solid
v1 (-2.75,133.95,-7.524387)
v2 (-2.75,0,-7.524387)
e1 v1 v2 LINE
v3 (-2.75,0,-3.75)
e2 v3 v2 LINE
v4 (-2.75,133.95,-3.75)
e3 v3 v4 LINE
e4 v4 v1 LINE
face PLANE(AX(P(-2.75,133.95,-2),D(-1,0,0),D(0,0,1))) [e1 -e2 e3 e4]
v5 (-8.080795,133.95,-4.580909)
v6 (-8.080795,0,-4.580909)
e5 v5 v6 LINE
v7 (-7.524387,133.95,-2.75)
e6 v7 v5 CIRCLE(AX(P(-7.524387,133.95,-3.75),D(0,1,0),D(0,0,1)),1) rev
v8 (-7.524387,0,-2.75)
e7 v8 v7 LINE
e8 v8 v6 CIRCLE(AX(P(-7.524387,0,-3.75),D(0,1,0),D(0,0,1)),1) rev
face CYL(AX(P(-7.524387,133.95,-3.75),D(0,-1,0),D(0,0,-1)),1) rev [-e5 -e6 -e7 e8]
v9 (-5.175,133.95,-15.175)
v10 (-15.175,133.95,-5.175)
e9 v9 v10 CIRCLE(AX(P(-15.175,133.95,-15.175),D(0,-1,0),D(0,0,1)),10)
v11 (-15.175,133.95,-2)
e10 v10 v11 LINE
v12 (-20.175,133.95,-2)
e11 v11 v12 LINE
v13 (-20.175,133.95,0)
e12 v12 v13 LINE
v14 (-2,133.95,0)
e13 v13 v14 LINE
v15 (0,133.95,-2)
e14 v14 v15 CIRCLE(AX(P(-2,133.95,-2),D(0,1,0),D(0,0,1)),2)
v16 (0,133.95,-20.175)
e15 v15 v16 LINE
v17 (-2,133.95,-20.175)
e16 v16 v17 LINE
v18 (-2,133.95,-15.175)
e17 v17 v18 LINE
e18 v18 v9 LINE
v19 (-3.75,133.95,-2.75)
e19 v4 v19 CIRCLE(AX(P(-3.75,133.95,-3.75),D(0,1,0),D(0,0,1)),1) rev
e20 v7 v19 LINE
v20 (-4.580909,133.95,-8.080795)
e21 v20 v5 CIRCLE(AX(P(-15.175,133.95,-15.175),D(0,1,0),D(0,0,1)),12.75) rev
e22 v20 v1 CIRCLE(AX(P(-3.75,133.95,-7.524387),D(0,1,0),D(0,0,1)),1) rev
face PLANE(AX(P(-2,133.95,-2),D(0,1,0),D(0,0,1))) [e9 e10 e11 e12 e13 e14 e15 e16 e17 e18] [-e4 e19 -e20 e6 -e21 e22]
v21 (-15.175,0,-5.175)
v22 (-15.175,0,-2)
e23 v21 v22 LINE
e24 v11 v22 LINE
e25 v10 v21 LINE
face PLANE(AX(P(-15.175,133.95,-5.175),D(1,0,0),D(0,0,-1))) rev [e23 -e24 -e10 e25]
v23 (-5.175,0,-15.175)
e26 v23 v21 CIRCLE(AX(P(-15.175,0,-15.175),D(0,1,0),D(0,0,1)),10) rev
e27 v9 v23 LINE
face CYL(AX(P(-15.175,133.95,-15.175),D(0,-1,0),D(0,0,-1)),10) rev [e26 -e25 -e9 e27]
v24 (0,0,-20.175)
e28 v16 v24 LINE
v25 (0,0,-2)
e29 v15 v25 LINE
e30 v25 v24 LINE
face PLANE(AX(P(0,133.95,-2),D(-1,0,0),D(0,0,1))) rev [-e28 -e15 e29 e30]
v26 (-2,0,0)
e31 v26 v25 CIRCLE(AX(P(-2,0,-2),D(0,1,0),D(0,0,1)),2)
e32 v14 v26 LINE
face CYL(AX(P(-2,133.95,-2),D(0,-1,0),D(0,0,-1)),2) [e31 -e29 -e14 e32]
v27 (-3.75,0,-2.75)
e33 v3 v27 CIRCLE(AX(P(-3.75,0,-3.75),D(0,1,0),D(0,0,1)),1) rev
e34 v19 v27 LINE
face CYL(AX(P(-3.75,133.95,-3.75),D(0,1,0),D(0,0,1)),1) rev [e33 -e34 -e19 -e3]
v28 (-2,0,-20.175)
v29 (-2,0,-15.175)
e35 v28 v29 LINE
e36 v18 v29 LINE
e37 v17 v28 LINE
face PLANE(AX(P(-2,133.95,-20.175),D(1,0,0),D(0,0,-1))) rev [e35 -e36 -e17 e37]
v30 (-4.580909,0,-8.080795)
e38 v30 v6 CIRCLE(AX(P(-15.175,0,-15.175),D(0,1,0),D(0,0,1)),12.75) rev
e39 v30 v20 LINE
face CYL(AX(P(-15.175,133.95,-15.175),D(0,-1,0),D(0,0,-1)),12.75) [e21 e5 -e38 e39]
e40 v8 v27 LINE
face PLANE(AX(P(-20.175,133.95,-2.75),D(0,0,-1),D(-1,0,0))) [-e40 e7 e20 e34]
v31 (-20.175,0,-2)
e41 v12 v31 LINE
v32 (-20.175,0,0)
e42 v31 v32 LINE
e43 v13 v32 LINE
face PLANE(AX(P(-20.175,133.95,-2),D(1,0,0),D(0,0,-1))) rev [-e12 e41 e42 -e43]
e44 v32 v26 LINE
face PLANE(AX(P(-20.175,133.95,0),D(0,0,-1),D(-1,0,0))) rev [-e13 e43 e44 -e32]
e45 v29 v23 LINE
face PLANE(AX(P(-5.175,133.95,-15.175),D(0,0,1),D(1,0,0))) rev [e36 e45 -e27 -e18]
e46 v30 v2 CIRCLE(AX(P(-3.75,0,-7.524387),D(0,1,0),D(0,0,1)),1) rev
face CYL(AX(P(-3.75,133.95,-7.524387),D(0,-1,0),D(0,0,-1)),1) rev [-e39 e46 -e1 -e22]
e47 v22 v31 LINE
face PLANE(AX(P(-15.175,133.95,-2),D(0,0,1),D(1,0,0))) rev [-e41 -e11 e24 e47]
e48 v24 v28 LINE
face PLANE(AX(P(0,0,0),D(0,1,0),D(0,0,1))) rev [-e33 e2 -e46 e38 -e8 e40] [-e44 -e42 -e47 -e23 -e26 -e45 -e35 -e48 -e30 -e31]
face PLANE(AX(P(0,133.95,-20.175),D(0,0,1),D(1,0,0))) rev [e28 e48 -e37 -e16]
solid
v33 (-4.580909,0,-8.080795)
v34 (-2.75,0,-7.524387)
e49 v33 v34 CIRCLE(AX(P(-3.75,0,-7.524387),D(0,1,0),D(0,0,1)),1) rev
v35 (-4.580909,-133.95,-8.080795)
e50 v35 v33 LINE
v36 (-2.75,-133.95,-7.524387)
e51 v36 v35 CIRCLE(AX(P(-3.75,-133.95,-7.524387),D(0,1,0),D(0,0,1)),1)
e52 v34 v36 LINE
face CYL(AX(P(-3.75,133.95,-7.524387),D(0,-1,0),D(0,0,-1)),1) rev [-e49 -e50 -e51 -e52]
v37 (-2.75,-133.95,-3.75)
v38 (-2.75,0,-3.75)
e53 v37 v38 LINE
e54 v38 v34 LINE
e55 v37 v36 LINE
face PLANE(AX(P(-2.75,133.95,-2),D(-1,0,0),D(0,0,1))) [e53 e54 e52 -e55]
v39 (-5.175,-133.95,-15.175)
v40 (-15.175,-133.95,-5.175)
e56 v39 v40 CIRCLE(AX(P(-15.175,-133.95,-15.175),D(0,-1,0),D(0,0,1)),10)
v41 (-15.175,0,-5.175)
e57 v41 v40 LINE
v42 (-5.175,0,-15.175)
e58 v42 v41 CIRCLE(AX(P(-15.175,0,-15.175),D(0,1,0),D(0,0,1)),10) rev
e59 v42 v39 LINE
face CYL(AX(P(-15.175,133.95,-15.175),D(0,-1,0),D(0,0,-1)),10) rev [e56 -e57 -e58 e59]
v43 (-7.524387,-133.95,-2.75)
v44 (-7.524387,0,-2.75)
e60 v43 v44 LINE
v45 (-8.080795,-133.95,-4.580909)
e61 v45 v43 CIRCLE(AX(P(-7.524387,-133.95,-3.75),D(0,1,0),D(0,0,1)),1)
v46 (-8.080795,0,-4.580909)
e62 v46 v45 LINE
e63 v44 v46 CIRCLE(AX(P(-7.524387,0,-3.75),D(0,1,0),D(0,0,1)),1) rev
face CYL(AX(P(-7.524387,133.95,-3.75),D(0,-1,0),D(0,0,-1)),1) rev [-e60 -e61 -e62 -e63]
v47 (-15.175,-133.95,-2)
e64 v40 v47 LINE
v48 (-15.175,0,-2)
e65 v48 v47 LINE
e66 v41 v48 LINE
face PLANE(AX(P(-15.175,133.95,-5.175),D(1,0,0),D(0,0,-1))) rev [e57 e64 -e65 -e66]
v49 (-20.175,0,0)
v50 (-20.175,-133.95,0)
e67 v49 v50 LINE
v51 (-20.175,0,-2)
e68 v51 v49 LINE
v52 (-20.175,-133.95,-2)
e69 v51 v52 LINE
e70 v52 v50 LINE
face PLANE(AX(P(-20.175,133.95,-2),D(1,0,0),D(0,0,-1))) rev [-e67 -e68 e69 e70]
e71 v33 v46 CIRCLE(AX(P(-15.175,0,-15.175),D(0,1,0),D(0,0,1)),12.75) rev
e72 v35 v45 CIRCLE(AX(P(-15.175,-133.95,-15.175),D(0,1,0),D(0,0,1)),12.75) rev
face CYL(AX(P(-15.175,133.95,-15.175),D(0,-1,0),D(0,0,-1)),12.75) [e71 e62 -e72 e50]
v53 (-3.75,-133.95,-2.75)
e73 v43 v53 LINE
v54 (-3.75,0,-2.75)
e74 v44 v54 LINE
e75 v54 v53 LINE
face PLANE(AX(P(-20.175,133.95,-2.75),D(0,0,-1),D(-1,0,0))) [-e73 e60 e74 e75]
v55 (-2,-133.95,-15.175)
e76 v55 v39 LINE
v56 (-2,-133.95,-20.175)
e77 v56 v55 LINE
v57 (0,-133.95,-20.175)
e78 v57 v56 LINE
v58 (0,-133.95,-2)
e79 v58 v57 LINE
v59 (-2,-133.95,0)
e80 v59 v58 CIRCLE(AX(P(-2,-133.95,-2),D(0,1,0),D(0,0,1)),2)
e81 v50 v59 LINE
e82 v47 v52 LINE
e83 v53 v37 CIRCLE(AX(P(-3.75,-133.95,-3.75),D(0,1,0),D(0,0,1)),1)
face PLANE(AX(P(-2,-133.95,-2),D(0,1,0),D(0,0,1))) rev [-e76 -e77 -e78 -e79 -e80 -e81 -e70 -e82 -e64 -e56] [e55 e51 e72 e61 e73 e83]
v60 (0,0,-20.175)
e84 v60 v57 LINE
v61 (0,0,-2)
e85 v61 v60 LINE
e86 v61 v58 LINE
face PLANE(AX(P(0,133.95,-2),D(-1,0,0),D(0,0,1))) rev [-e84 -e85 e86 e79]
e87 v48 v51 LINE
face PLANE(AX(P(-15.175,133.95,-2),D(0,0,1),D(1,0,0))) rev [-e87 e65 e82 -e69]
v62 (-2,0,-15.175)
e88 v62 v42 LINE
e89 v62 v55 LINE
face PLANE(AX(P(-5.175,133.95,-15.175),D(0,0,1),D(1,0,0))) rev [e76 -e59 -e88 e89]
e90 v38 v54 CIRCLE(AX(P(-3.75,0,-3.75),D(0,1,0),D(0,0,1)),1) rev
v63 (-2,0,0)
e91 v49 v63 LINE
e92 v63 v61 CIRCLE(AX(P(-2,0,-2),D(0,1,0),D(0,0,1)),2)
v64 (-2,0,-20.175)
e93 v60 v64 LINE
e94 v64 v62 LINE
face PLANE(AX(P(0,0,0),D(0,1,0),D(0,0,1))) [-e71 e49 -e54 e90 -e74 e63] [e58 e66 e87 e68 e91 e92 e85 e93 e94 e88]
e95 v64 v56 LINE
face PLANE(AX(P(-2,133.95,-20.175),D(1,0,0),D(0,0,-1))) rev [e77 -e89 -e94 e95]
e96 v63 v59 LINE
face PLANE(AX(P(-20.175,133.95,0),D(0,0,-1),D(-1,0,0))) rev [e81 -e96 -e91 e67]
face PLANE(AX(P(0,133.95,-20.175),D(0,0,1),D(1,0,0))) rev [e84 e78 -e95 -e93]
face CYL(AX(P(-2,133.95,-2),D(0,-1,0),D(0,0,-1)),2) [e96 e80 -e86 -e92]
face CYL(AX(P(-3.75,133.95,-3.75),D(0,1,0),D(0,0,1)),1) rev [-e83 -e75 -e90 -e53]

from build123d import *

# Parameters (mm, degrees)
BOSS_EXTRUDE1_DEPTH = 133.95
SHELL1_T            = -2.75
FILLET1_R           = 1


with BuildPart() as part:
    # Sketch1 → Boss-Extrude1 (new body, symmetric)
    with BuildSketch(Plane(origin=(0, 0, 0), x_dir=(1, 0, 0), z_dir=(0, 1, 0))):
        with BuildLine():
            Line((-5.175, 15.175), (-2, 15.175))
            Line((-2, 15.175), (-2, 20.175))
            Line((-2, 20.175), (0, 20.175))
            Line((0, 20.175), (0, 2))
            ThreePointArc((0, 2), (-0.585786438, 0.585786438), (-2, 0))
            Line((-2, 0), (-20.175, 0))
            Line((-20.175, 0), (-20.175, 2))
            Line((-20.175, 2), (-15.175, 2))
            Line((-15.175, 2), (-15.175, 5.175))
            ThreePointArc((-15.175, 5.175), (-8.103932188, 8.103932188), (-5.175, 15.175))
        make_face()
    extrude(amount=BOSS_EXTRUDE1_DEPTH, both=True)

    # Shell1
    shell1_openings = [part.faces().sort_by_distance(p)[0] for p in [
        (-7.938971863, 133.95, -7.938971863),
        (-7.938971863, -133.95, -7.938971863),
    ]]
    offset(amount=SHELL1_T, openings=shell1_openings)

    # Fillet1
    fillet1_edges = [part.edges().sort_by_distance(p)[0] for p in [
        (-2.75, 0, -2.75),
        (-2.75, 0, -12.3146023),
        (-12.3146023, 0, -2.75),
    ]]
    fillet(fillet1_edges, radius=FILLET1_R)


with BuildPart() as body_2:
    # Split1: the piece on the far side of the plane
    add(part.part)
    split(bisect_by=Plane.ZX, keep=Keep.BOTTOM)


with BuildPart() as part_1:
    add(part.part)

    # Split1
    split(bisect_by=Plane.ZX, keep=Keep.TOP)


solid = Compound([body_2.part, part_1.part])
